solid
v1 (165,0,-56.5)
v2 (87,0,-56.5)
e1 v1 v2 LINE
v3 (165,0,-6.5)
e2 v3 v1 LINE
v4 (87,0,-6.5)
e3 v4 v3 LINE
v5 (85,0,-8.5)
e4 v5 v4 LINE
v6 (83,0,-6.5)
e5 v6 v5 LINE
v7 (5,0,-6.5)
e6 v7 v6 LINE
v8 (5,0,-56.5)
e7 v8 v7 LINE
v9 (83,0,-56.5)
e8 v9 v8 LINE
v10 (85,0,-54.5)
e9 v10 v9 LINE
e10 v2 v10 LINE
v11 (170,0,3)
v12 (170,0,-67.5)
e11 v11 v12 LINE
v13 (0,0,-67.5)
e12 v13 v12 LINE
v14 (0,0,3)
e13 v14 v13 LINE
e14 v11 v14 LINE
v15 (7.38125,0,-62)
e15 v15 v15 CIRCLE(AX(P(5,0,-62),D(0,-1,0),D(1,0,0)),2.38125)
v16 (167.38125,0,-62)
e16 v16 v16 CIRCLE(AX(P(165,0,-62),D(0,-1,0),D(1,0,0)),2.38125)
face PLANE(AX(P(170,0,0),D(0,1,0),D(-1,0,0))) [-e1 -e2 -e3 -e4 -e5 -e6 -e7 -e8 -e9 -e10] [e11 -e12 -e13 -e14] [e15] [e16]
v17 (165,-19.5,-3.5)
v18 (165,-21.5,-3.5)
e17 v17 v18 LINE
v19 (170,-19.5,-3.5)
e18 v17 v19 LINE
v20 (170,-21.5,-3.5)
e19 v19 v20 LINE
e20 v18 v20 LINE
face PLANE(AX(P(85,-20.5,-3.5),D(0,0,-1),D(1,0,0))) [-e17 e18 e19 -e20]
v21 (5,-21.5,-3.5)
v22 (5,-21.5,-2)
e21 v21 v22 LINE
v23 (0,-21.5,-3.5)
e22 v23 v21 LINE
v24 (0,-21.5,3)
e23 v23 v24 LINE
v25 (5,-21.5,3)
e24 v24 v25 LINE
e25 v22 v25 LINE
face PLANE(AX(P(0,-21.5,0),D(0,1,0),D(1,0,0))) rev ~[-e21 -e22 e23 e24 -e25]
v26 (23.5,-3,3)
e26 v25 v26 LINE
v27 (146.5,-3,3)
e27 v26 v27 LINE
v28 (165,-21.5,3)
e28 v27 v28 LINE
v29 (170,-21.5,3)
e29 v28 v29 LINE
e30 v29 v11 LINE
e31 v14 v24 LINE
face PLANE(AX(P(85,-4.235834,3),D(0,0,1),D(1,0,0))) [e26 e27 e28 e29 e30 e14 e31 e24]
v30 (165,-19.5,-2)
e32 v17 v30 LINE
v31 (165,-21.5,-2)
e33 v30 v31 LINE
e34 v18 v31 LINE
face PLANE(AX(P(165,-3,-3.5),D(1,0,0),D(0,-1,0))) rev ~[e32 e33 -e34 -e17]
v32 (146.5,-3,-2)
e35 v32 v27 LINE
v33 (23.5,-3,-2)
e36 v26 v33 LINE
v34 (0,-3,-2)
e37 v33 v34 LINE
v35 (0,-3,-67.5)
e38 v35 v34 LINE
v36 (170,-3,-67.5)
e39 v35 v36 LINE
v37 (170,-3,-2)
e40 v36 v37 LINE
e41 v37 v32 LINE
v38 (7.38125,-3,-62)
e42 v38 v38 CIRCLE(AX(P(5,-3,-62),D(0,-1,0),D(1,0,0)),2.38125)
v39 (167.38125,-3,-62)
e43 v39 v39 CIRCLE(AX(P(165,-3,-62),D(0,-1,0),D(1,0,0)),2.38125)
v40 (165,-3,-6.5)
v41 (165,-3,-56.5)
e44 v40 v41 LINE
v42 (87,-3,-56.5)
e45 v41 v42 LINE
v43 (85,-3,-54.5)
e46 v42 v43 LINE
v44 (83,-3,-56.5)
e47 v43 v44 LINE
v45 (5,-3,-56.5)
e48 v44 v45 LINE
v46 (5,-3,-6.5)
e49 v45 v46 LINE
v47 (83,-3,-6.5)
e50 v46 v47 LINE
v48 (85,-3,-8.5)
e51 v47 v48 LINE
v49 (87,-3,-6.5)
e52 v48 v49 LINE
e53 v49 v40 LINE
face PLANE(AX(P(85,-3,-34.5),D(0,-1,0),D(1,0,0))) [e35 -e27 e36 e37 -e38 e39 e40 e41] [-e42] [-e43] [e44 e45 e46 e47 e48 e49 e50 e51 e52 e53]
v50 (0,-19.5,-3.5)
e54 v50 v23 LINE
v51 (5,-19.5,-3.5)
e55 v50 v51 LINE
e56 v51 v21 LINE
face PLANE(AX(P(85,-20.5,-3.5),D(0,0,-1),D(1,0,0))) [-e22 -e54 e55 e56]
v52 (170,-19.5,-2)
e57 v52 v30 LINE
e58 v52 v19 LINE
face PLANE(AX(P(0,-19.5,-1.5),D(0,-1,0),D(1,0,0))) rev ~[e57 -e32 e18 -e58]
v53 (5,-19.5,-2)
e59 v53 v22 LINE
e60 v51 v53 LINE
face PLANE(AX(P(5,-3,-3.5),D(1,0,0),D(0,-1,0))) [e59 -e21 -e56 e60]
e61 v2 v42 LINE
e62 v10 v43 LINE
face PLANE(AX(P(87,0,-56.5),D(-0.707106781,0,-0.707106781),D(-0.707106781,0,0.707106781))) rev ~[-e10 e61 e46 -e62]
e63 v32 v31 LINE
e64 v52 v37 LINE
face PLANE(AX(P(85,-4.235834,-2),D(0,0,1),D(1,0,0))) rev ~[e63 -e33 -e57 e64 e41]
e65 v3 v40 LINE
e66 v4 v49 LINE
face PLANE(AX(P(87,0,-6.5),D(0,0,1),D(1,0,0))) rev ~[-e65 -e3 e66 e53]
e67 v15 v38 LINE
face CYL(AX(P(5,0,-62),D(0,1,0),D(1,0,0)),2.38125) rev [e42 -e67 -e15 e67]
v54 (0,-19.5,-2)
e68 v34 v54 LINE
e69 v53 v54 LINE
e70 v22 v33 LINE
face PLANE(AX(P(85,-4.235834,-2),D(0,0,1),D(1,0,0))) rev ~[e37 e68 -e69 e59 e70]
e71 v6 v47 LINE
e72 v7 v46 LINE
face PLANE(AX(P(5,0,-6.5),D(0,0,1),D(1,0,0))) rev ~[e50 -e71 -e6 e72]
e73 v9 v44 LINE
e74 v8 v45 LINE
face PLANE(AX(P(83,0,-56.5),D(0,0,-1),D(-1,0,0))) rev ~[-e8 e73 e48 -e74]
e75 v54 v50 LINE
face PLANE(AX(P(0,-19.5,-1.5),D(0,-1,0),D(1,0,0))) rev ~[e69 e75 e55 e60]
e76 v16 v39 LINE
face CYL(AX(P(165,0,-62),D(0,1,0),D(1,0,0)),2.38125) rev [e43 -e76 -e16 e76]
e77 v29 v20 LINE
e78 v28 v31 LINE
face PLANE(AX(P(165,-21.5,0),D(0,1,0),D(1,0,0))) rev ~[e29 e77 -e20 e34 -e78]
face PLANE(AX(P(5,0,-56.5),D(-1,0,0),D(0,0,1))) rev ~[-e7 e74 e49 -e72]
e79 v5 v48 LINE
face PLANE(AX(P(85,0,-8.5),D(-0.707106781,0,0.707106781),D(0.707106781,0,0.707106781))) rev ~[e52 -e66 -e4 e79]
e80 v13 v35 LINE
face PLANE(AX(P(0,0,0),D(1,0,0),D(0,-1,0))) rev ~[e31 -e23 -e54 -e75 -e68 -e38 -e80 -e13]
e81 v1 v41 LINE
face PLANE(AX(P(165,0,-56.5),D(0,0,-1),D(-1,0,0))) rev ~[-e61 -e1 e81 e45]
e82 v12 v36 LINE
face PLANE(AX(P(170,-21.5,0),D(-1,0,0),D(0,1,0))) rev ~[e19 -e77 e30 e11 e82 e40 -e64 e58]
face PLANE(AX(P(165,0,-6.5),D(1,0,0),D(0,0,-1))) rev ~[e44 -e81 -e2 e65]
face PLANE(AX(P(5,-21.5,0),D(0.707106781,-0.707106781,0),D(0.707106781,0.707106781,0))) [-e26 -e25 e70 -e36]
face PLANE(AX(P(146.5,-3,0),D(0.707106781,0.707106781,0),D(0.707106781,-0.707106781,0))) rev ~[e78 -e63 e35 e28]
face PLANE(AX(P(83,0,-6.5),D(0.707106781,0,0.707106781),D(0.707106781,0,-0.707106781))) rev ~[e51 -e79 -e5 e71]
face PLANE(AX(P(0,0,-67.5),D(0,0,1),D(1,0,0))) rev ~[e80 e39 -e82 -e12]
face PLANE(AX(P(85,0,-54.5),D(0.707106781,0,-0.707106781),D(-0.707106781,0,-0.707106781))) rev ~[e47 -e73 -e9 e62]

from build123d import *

# Parameters (mm, degrees)
F0_W          = 170
F0_H          = 66
F0_R          = 2.38125
F1_DEPTH      = 3
F0_H_2        = 1.5
F2_DEPTH      = 21.5
F3_W          = 170
F3_H          = 2
F4_DEPTH      = 2
F5_W          = 160
F5_H          = 18.5
F6_DEPTH      = 3.501
F8_DEPTH      = 3
F8_DEPTH_BACK = 2


with BuildPart() as f1:
    # F0 (on Front) → F1 (new body)
    with BuildSketch(Plane.XZ):
        with Locations((85, -34.5)):
            Rectangle(F0_W, F0_H)
        with Locations((5, -62)):
            Circle(F0_R, mode=Mode.SUBTRACT)
        with Locations((165, -62)):
            Circle(F0_R, mode=Mode.SUBTRACT)
        Polygon((5, -56.5), (5, -6.5), (83, -6.5), (85, -8.5), (87, -6.5), (165, -6.5), (165, -56.5), (87, -56.5), (85, -54.5), (83, -56.5), align=None, mode=Mode.SUBTRACT)
    extrude(amount=F1_DEPTH)

    # F0 (on Front) → F2 (join)
    with BuildSketch(Plane.XZ):
        with Locations((85, -0.75)):
            Rectangle(F0_W, F0_H_2)
    extrude(amount=F2_DEPTH)

    # F3 (on face) → F4 (join)
    with BuildSketch(Plane(origin=(0, 0, -1.5), x_dir=(1, 0, 0), z_dir=(0, 0, -1))):
        with Locations((85, 20.5)):
            Rectangle(F3_W, F3_H)
    extrude(amount=F4_DEPTH)

    # F5 (on face) → F6 (cut, through all)
    with BuildSketch(Plane(origin=(0, 0, -3.5), x_dir=(1, 0, 0), z_dir=(0, 0, -1))):
        with Locations((85, 12.25)):
            Rectangle(F5_W, F5_H)
    extrude(amount=-F6_DEPTH, mode=Mode.SUBTRACT)

    # F7 (on face) → F8 (join, two sides)
    with BuildSketch(Plane.XY) as f8_sk:
        Polygon((0, 0), (0, -21.5), (5, -21.5), (23.5, -3), (146.5, -3), (165, -21.5), (170, -21.5), (170, 0), align=None)
    extrude(amount=F8_DEPTH)
    extrude(f8_sk.sketch, amount=-F8_DEPTH_BACK)


solid = f1.part
